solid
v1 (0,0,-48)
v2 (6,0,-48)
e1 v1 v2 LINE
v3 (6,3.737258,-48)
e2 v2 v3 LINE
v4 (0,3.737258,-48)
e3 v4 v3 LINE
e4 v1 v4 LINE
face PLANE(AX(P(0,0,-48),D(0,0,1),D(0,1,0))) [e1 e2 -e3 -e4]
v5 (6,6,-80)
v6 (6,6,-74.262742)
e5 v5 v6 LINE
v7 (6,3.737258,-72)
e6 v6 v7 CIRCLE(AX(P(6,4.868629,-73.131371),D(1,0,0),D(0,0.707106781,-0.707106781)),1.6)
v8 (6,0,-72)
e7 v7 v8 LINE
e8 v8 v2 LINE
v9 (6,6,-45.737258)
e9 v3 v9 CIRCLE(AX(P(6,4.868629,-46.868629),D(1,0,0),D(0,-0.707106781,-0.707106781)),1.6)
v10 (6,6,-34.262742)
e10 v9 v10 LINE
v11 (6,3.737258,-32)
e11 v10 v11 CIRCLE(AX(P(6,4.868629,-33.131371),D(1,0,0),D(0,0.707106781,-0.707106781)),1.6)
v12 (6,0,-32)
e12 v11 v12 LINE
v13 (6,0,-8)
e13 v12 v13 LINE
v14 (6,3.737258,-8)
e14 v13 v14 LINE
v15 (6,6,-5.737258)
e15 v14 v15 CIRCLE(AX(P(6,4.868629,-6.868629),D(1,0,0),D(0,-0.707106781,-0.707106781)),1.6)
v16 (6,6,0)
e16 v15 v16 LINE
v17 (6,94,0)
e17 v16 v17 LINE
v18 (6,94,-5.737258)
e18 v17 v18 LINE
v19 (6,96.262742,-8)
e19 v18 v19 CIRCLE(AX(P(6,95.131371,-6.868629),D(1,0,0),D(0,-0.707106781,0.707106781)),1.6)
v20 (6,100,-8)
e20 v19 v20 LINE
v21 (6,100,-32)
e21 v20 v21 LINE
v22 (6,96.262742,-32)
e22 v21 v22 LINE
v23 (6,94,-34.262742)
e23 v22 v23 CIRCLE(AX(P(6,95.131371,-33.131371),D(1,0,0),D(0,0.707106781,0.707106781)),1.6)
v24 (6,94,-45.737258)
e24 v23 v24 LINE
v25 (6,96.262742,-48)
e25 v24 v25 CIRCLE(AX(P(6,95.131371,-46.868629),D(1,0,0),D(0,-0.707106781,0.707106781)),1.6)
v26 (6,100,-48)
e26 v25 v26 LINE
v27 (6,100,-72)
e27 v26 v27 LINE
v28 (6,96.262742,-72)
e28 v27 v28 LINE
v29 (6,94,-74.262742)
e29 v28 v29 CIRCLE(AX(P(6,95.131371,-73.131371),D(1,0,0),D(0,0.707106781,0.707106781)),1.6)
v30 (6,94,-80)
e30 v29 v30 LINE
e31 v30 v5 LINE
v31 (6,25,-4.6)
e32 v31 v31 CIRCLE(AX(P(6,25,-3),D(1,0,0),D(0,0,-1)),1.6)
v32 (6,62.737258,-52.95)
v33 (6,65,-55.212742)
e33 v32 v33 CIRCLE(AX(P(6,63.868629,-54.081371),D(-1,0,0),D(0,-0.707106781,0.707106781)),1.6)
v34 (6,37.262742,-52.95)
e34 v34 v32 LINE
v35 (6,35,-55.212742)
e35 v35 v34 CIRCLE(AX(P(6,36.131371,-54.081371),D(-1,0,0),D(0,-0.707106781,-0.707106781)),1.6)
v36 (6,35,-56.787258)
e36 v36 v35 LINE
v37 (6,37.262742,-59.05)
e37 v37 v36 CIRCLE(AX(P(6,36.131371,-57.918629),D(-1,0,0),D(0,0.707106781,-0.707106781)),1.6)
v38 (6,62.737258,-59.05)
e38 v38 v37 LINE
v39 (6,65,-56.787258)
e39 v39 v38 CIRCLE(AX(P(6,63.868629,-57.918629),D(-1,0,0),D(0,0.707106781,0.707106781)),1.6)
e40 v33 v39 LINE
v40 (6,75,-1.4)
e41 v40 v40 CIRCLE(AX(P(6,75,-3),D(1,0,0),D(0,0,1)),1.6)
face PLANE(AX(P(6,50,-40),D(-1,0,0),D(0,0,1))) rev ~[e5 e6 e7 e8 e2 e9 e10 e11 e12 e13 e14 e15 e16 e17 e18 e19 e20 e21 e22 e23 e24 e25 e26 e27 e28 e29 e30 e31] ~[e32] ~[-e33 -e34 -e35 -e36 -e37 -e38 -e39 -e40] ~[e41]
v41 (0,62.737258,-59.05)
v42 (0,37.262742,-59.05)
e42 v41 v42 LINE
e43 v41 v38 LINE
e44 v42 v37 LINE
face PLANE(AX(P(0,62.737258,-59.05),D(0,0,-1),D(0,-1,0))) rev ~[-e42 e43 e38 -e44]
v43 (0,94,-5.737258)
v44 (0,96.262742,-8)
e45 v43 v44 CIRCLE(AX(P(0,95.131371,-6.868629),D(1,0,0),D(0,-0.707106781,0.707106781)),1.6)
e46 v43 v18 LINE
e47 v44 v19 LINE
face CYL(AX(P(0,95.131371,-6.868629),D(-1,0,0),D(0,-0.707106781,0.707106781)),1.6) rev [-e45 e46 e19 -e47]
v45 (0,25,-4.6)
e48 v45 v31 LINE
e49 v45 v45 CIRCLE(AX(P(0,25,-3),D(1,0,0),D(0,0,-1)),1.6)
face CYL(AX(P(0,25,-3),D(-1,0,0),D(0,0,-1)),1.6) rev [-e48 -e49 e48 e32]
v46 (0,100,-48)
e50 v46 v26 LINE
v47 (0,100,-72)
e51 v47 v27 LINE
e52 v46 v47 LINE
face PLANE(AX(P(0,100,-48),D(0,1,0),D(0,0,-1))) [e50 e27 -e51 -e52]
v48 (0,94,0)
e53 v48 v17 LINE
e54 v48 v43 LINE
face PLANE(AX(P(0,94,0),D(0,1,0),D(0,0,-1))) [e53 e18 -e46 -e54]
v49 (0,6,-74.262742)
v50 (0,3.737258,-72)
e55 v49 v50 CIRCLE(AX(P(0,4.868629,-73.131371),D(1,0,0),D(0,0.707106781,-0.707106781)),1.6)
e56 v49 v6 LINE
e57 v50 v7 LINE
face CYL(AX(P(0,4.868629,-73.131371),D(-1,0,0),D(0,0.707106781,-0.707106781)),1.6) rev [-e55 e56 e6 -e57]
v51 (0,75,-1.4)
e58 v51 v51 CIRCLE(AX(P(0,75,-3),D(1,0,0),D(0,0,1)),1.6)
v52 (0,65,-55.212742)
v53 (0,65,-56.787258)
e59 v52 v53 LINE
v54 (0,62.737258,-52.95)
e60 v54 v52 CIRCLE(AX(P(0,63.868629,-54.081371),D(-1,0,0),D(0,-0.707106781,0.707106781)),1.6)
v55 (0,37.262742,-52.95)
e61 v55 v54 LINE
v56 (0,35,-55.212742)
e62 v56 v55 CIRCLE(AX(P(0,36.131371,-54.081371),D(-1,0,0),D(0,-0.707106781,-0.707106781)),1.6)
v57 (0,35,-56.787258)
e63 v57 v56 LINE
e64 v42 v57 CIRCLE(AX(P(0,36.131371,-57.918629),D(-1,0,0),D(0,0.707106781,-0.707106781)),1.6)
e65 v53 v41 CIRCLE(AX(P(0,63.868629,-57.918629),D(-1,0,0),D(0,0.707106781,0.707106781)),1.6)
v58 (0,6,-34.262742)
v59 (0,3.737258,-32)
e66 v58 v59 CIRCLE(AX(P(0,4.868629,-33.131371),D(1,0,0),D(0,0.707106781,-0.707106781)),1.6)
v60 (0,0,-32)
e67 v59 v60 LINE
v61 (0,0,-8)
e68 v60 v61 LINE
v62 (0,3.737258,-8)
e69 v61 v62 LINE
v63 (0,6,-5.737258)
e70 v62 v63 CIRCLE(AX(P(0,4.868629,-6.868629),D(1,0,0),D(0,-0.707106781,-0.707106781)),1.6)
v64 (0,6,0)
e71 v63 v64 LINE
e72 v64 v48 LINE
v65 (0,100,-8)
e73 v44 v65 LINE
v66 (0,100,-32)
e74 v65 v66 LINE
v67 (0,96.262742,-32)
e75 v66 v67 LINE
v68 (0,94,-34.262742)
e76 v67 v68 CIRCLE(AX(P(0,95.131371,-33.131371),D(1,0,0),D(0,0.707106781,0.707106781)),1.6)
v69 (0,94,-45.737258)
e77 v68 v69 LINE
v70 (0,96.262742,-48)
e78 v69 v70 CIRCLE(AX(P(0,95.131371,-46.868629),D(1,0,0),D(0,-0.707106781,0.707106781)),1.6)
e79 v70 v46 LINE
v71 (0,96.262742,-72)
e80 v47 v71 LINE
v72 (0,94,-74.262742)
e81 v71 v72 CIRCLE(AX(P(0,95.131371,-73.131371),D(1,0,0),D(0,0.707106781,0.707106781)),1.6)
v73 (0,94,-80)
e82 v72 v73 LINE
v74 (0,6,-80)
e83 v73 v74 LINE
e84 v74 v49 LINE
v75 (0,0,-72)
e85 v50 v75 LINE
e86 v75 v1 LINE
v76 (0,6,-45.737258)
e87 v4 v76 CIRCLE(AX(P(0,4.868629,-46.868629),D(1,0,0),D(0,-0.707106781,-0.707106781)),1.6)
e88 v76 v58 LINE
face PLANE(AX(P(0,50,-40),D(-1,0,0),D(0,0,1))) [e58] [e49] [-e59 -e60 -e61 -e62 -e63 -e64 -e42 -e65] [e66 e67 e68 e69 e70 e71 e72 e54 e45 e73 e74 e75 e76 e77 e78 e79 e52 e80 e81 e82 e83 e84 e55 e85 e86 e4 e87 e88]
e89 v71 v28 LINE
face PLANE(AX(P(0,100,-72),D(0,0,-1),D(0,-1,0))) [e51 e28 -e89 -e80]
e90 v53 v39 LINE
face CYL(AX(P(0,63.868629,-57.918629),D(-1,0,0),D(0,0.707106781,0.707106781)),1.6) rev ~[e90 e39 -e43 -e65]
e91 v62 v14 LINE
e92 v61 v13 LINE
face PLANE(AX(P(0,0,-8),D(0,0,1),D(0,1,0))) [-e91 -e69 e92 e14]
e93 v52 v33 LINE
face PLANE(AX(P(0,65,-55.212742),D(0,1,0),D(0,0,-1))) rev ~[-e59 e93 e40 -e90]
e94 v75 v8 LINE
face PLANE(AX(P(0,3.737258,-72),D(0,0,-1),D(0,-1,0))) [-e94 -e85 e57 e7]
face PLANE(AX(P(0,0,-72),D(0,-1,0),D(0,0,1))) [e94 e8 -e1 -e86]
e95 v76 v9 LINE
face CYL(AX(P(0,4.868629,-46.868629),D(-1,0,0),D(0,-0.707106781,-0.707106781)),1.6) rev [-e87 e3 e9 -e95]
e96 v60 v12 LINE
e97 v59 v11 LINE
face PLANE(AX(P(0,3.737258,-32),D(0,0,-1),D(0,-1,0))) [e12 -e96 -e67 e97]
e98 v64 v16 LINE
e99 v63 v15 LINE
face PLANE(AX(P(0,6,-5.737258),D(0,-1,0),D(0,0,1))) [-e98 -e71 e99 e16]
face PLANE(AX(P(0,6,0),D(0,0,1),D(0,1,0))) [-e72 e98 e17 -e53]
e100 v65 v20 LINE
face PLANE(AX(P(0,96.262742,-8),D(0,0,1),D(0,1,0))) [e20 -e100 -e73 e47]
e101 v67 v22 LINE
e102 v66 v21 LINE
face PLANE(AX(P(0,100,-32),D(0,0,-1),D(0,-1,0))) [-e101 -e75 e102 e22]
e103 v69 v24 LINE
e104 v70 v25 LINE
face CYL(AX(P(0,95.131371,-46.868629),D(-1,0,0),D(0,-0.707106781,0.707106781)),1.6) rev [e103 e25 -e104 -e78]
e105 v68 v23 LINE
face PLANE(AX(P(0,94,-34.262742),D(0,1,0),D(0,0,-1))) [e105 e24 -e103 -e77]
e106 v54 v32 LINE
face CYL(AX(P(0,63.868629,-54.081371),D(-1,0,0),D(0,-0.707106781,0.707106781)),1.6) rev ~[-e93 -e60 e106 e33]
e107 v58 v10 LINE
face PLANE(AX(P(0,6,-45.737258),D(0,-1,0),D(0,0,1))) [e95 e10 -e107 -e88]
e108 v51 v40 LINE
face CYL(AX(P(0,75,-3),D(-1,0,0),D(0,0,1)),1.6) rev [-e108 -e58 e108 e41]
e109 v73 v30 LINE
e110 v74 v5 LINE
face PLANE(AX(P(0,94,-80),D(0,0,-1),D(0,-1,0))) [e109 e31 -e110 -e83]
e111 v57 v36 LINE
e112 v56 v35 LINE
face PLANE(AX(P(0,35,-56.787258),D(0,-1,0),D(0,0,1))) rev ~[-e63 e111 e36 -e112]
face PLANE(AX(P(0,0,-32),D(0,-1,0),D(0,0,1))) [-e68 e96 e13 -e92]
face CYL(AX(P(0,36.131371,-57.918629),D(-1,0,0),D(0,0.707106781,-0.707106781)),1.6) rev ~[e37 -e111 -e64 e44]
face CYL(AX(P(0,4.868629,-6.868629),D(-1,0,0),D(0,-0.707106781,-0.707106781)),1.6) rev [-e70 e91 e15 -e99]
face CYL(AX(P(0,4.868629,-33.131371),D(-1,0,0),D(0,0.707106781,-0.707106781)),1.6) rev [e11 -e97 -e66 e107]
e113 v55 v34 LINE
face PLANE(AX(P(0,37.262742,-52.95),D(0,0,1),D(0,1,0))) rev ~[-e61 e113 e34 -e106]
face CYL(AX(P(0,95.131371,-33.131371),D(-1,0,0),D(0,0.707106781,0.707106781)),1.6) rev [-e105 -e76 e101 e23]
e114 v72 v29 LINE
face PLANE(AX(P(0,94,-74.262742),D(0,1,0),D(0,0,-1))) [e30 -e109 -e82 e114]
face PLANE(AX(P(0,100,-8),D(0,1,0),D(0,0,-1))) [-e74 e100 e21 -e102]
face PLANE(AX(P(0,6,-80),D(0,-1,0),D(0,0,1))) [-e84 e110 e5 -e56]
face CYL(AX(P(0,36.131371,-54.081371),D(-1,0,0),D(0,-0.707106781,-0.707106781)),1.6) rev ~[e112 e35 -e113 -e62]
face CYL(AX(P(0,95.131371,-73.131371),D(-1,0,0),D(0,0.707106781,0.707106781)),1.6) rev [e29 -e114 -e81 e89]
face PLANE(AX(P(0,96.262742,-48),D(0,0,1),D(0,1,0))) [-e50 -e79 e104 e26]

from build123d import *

# Parameters (mm, degrees)
ESQUISSE1_R      = 1.6
EXTRUSION1_DEPTH = 6


with BuildPart() as part:
    # Esquisse1 → Extrusion1 (new body)
    with BuildSketch(Plane(origin=(0, 0, 0), x_dir=(0, 0, -1), z_dir=(1, 0, 0))):
        with BuildLine():
            Line((0, 94), (5.7372583, 94))
            ThreePointArc((5.7372583, 94), (8, 94), (8, 96.2627417))
            Line((8, 96.2627417), (8, 100))
            Line((8, 100), (32, 100))
            Line((32, 100), (32, 96.2627417))
            ThreePointArc((32, 96.2627417), (32, 94), (34.2627417, 94))
            Line((34.2627417, 94), (45.7372583, 94))
            ThreePointArc((45.7372583, 94), (48, 94), (48, 96.2627417))
            Line((48, 96.2627417), (48, 100))
            Line((48, 100), (72, 100))
            Line((72, 100), (72, 96.2627417))
            ThreePointArc((72, 96.2627417), (72, 94), (74.2627417, 94))
            Line((74.2627417, 94), (80, 94))
            Line((80, 94), (80, 6))
            Line((80, 6), (74.2627417, 6))
            ThreePointArc((74.2627417, 6), (72, 6), (72, 3.7372583))
            Line((72, 3.7372583), (72, 0))
            Line((72, 0), (48, 0))
            Line((48, 0), (48, 3.7372583))
            ThreePointArc((48, 3.7372583), (48, 6), (45.7372583, 6))
            Line((45.7372583, 6), (34.2627417, 6))
            ThreePointArc((34.2627417, 6), (32, 6), (32, 3.7372583))
            Line((32, 3.7372583), (32, 0))
            Line((32, 0), (8, 0))
            Line((8, 0), (8, 3.7372583))
            ThreePointArc((8, 3.7372583), (8, 6), (5.7372583, 6))
            Line((5.7372583, 6), (0, 6))
            Line((0, 6), (0, 94))
        make_face()
        with Locations((3, 25)):
            Circle(ESQUISSE1_R, mode=Mode.SUBTRACT)
        with Locations(Location((3, 75, 0), (0, 0, 180))):  # turned: the seam where the file's is
            Circle(ESQUISSE1_R, mode=Mode.SUBTRACT)
        with BuildLine():
            Line((55.2127417, 65), (56.7872583, 65))
            ThreePointArc((56.7872583, 65), (59.05, 65), (59.05, 62.7372583))
            Line((59.05, 62.7372583), (59.05, 37.2627417))
            ThreePointArc((59.05, 37.2627417), (59.05, 35), (56.7872583, 35))
            Line((56.7872583, 35), (55.2127417, 35))
            ThreePointArc((55.2127417, 35), (52.95, 35), (52.95, 37.2627417))
            Line((52.95, 37.2627417), (52.95, 62.7372583))
            ThreePointArc((52.95, 62.7372583), (52.95, 65), (55.2127417, 65))
        make_face(mode=Mode.SUBTRACT)
    extrude(amount=EXTRUSION1_DEPTH)


solid = part.part
